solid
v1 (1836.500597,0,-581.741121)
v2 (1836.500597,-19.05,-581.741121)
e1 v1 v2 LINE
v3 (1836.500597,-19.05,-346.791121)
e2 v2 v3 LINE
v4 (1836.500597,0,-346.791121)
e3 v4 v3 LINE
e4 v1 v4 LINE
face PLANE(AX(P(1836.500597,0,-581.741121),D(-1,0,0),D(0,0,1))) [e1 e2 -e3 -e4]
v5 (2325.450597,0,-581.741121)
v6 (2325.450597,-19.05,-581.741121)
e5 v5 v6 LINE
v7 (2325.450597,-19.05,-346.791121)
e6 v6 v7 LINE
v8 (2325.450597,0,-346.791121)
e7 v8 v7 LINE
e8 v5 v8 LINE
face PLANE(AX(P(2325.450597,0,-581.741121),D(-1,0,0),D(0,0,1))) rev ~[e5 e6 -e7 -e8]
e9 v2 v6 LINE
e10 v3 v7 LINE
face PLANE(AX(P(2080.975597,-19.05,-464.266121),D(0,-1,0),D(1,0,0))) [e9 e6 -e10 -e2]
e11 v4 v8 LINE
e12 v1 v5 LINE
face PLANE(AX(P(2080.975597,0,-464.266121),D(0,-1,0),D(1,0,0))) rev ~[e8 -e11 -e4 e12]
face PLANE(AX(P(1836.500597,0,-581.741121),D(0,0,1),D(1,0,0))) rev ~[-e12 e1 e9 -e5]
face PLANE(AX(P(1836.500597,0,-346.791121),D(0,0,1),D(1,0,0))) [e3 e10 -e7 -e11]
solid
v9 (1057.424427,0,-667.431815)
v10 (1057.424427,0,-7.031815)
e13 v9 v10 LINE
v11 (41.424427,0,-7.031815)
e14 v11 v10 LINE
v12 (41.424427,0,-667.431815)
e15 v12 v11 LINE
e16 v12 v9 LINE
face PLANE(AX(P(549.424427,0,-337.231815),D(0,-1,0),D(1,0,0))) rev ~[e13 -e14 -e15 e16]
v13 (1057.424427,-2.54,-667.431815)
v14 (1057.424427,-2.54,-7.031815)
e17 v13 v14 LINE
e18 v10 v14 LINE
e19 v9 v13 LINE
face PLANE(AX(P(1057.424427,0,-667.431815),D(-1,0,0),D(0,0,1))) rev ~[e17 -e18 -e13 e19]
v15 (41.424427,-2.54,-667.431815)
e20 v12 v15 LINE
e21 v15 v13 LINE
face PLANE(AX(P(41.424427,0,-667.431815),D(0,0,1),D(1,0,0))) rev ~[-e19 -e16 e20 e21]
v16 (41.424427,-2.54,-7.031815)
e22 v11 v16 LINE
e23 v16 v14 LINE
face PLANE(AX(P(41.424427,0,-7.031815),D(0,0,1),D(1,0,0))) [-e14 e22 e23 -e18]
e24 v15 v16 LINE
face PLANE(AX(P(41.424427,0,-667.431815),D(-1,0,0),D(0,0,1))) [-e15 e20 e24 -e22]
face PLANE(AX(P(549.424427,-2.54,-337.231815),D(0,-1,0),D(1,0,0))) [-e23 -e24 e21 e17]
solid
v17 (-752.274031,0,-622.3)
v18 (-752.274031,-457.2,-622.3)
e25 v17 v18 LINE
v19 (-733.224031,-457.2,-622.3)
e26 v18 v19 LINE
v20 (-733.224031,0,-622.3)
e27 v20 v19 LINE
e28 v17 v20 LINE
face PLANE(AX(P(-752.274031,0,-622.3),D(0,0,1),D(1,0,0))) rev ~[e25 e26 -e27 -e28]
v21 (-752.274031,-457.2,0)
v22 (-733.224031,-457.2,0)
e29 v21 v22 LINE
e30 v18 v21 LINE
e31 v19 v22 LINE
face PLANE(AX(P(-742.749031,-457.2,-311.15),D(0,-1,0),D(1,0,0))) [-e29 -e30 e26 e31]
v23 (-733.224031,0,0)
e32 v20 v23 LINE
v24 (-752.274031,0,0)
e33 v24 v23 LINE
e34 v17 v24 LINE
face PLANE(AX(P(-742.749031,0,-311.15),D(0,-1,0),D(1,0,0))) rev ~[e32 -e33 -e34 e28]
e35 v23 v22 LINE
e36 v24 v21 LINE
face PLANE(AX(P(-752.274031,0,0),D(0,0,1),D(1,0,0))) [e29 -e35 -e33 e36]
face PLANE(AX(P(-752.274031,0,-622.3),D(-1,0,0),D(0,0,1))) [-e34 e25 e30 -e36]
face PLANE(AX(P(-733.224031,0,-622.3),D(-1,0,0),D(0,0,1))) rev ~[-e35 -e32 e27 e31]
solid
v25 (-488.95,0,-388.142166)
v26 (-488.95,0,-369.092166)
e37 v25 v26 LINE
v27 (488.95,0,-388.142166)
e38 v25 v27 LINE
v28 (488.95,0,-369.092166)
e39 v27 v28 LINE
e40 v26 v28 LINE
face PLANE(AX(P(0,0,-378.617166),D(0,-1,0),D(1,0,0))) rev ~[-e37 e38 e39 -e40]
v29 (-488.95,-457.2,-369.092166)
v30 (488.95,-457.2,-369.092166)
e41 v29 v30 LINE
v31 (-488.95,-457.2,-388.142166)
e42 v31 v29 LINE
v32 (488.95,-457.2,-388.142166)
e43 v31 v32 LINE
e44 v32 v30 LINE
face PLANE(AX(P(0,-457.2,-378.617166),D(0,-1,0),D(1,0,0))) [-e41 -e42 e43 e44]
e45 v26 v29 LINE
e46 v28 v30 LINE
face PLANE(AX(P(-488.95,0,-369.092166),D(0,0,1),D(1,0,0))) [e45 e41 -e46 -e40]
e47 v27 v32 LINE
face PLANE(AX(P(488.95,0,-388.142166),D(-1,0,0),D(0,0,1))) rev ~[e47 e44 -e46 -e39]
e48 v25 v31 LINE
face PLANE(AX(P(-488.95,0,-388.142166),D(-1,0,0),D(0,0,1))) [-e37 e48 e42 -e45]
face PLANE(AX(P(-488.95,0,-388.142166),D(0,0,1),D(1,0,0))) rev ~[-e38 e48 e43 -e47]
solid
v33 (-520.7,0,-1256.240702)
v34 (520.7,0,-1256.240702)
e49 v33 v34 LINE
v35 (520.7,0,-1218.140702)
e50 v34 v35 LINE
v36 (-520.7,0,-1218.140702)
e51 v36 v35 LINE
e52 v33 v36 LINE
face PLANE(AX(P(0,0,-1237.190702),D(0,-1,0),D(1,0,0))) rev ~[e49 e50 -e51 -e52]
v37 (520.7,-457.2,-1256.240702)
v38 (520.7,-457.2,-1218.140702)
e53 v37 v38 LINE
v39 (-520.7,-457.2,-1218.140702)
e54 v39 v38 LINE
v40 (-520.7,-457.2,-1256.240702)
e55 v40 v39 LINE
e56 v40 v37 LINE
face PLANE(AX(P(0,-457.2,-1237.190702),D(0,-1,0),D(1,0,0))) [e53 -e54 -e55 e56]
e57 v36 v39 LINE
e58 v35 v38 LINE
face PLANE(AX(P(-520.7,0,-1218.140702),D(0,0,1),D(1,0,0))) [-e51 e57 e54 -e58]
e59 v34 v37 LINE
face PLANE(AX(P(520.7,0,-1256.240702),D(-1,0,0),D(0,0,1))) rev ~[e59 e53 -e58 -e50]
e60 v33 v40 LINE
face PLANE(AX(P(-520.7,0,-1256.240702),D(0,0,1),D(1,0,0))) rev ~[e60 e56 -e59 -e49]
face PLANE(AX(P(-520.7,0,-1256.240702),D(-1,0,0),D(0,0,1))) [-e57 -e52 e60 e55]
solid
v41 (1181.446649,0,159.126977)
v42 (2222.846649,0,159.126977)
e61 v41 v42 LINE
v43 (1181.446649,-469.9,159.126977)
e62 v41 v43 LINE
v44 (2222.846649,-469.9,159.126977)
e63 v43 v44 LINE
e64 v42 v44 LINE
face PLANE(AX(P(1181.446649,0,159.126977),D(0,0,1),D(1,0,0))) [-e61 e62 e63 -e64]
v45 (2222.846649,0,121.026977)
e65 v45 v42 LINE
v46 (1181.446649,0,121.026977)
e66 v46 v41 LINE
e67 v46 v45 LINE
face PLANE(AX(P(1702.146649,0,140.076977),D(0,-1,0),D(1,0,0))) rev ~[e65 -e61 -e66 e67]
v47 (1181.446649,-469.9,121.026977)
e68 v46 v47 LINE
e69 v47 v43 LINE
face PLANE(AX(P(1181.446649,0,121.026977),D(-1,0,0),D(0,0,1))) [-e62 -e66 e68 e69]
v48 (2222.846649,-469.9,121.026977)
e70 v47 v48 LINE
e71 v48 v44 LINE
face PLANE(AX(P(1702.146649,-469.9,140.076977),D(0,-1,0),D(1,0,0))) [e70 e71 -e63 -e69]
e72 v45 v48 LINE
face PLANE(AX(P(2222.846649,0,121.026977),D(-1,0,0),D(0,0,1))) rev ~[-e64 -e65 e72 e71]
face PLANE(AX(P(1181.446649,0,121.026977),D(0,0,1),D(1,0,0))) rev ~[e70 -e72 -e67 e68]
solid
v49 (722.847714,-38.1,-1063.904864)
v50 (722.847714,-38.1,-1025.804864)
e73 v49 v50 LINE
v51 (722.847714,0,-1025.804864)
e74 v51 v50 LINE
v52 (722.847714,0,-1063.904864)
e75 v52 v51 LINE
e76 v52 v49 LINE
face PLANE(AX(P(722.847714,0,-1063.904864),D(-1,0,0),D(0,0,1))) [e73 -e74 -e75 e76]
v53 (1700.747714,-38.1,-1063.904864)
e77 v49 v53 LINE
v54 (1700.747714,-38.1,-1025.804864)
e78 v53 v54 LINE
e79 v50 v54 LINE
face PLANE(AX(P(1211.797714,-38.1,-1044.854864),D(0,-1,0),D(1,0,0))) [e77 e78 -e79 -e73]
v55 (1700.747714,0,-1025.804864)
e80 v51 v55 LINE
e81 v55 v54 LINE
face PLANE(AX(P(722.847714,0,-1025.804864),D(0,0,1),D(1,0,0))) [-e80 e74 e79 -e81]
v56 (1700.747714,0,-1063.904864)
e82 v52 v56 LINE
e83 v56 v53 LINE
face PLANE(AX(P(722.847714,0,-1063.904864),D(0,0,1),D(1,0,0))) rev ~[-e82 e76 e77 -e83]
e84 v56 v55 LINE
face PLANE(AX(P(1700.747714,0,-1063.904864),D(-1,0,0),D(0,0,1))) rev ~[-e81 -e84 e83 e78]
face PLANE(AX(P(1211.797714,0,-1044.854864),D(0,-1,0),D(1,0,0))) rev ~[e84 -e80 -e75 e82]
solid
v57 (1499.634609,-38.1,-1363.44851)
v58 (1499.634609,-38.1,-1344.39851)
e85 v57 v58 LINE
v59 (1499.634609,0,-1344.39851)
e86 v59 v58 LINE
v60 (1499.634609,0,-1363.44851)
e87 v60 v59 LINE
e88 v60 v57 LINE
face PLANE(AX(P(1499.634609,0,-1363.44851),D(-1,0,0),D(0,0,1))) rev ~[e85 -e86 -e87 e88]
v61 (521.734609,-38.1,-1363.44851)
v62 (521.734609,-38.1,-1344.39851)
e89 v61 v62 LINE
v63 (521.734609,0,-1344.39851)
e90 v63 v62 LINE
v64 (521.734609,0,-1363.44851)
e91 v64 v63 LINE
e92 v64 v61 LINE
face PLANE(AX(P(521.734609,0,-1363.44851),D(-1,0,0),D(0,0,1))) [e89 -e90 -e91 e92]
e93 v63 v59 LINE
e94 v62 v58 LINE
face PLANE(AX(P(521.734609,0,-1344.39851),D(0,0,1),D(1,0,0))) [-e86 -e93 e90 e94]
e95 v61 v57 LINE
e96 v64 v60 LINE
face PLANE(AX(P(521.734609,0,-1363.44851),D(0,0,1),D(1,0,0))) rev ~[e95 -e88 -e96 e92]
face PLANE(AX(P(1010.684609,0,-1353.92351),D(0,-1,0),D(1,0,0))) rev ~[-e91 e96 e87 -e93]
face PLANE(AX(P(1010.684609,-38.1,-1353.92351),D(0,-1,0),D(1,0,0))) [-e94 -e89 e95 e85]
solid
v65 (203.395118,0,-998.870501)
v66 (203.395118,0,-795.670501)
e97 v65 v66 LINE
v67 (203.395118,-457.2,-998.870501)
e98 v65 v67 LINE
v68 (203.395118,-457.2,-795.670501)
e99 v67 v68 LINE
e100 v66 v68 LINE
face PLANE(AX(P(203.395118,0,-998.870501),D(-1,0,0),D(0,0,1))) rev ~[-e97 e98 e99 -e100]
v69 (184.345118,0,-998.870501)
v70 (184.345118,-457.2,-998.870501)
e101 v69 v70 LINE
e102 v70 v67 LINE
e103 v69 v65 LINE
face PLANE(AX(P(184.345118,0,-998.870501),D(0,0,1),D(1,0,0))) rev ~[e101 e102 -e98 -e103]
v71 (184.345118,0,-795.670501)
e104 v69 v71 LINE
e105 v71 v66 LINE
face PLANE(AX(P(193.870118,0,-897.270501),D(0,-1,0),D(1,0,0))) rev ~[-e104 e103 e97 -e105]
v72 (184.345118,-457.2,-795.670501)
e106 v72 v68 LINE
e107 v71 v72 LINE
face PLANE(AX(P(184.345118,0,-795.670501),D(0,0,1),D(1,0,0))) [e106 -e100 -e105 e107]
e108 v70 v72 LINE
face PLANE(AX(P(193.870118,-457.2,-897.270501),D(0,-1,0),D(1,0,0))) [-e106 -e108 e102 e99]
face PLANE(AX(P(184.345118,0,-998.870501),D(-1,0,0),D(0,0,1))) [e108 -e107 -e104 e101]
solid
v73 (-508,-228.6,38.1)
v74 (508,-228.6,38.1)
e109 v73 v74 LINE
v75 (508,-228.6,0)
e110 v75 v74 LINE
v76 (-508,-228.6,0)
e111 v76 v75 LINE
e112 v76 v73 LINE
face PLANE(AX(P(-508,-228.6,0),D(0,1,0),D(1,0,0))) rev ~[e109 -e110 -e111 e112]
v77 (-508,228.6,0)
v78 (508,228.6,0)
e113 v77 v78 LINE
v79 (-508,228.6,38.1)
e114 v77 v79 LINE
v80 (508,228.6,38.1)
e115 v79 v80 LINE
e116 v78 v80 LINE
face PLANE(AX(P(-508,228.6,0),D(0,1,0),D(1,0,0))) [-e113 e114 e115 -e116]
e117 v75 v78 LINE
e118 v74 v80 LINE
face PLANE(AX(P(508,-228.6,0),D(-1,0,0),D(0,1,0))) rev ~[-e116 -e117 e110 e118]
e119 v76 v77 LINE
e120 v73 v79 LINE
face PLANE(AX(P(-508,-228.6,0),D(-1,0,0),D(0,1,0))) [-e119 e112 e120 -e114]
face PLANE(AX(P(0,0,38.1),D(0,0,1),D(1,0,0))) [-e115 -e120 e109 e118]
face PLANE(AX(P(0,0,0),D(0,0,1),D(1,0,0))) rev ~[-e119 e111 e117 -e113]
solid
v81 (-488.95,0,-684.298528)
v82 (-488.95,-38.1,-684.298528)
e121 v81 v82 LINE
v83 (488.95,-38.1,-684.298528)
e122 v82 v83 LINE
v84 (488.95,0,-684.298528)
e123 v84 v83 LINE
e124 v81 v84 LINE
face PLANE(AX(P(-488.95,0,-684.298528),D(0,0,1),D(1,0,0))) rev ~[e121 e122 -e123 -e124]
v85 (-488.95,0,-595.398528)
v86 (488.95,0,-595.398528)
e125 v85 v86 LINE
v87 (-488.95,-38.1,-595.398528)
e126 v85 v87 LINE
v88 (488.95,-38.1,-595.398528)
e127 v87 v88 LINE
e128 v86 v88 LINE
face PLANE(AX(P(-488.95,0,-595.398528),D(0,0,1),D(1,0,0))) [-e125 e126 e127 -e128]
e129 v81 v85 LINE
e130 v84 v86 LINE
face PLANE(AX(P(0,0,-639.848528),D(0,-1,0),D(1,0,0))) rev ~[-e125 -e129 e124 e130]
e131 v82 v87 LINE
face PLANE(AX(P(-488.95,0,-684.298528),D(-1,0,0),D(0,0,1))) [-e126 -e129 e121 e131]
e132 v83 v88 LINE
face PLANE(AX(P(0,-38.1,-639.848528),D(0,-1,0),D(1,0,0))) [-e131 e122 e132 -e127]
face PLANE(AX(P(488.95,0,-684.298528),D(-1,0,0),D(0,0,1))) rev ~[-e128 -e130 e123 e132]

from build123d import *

# Parameters (mm, degrees)
F0_W      = 1016
F0_H      = 457.2
F1_DEPTH  = 38.1
F2_W      = 19.05
F2_H      = 622.3
F3_DEPTH  = 457.2
F4_W      = 977.9
F4_H      = 19.05
F5_DEPTH  = 457.2
F6_W      = 977.9
F6_H      = 88.9
F7_DEPTH  = 38.1
F8_W      = 1016
F8_H      = 660.4
F9_DEPTH  = 2.54
F10_W     = 19.05
F10_H     = 203.2
F11_DEPTH = 457.2
F12_W     = 1041.4
F12_H     = 38.1
F13_DEPTH = 457.2
F14_W     = 977.9
F14_H     = 38.1
F15_DEPTH = 38.1
F16_W     = 977.9
F16_H     = 19.05
F17_DEPTH = 38.1
F18_W     = 488.95
F18_H     = 234.95
F19_DEPTH = 19.05
F20_W     = 1041.4
F20_H     = 38.1
F21_DEPTH = 469.9


with BuildPart() as f1:
    # F0 (on Top) → F1 (new body)
    with BuildSketch(Plane.XY):
        Rectangle(F0_W, F0_H)
    extrude(amount=F1_DEPTH)


with BuildPart() as f3:
    # F2 (on Front) → F3 (new body)
    with BuildSketch(Plane.XZ):
        with Locations((-742.749031, -311.15)):
            Rectangle(F2_W, F2_H)
    extrude(amount=F3_DEPTH)


with BuildPart() as f5:
    # F4 (on Front) → F5 (new body)
    with BuildSketch(Plane.XZ):
        with Locations((0, -378.617166)):
            Rectangle(F4_W, F4_H)
    extrude(amount=F5_DEPTH)


with BuildPart() as f7:
    # F6 (on Front) → F7 (new body)
    with BuildSketch(Plane.XZ):
        with Locations((0, -639.848528)):
            Rectangle(F6_W, F6_H)
    extrude(amount=F7_DEPTH)


with BuildPart() as f9:
    # F8 (on Front) → F9 (new body)
    with BuildSketch(Plane.XZ):
        with Locations((549.424427, -337.231815)):
            Rectangle(F8_W, F8_H)
    extrude(amount=F9_DEPTH)


with BuildPart() as f11:
    # F10 (on Front) → F11 (new body)
    with BuildSketch(Plane.XZ):
        with Locations((193.870118, -897.270501)):
            Rectangle(F10_W, F10_H)
    extrude(amount=F11_DEPTH)


with BuildPart() as f13:
    # F12 (on Front) → F13 (new body)
    with BuildSketch(Plane.XZ):
        with Locations((0, -1237.190702)):
            Rectangle(F12_W, F12_H)
    extrude(amount=F13_DEPTH)


with BuildPart() as f15:
    # F14 (on Front) → F15 (new body)
    with BuildSketch(Plane.XZ):
        with Locations((1211.797714, -1044.854864)):
            Rectangle(F14_W, F14_H)
    extrude(amount=F15_DEPTH)


with BuildPart() as f17:
    # F16 (on Front) → F17 (new body)
    with BuildSketch(Plane.XZ):
        with Locations((1010.684609, -1353.92351)):
            Rectangle(F16_W, F16_H)
    extrude(amount=F17_DEPTH)


with BuildPart() as f19:
    # F18 (on Front) → F19 (new body)
    with BuildSketch(Plane.XZ):
        with Locations((2080.975597, -464.266121)):
            Rectangle(F18_W, F18_H)
    extrude(amount=F19_DEPTH)


with BuildPart() as f21:
    # F20 (on Front) → F21 (new body)
    with BuildSketch(Plane.XZ):
        with Locations((1702.146649, 140.076977)):
            Rectangle(F20_W, F20_H)
    extrude(amount=F21_DEPTH)


solid = Compound([f1.part, f3.part, f5.part, f7.part, f9.part, f11.part, f13.part, f15.part, f17.part, f19.part, f21.part])
